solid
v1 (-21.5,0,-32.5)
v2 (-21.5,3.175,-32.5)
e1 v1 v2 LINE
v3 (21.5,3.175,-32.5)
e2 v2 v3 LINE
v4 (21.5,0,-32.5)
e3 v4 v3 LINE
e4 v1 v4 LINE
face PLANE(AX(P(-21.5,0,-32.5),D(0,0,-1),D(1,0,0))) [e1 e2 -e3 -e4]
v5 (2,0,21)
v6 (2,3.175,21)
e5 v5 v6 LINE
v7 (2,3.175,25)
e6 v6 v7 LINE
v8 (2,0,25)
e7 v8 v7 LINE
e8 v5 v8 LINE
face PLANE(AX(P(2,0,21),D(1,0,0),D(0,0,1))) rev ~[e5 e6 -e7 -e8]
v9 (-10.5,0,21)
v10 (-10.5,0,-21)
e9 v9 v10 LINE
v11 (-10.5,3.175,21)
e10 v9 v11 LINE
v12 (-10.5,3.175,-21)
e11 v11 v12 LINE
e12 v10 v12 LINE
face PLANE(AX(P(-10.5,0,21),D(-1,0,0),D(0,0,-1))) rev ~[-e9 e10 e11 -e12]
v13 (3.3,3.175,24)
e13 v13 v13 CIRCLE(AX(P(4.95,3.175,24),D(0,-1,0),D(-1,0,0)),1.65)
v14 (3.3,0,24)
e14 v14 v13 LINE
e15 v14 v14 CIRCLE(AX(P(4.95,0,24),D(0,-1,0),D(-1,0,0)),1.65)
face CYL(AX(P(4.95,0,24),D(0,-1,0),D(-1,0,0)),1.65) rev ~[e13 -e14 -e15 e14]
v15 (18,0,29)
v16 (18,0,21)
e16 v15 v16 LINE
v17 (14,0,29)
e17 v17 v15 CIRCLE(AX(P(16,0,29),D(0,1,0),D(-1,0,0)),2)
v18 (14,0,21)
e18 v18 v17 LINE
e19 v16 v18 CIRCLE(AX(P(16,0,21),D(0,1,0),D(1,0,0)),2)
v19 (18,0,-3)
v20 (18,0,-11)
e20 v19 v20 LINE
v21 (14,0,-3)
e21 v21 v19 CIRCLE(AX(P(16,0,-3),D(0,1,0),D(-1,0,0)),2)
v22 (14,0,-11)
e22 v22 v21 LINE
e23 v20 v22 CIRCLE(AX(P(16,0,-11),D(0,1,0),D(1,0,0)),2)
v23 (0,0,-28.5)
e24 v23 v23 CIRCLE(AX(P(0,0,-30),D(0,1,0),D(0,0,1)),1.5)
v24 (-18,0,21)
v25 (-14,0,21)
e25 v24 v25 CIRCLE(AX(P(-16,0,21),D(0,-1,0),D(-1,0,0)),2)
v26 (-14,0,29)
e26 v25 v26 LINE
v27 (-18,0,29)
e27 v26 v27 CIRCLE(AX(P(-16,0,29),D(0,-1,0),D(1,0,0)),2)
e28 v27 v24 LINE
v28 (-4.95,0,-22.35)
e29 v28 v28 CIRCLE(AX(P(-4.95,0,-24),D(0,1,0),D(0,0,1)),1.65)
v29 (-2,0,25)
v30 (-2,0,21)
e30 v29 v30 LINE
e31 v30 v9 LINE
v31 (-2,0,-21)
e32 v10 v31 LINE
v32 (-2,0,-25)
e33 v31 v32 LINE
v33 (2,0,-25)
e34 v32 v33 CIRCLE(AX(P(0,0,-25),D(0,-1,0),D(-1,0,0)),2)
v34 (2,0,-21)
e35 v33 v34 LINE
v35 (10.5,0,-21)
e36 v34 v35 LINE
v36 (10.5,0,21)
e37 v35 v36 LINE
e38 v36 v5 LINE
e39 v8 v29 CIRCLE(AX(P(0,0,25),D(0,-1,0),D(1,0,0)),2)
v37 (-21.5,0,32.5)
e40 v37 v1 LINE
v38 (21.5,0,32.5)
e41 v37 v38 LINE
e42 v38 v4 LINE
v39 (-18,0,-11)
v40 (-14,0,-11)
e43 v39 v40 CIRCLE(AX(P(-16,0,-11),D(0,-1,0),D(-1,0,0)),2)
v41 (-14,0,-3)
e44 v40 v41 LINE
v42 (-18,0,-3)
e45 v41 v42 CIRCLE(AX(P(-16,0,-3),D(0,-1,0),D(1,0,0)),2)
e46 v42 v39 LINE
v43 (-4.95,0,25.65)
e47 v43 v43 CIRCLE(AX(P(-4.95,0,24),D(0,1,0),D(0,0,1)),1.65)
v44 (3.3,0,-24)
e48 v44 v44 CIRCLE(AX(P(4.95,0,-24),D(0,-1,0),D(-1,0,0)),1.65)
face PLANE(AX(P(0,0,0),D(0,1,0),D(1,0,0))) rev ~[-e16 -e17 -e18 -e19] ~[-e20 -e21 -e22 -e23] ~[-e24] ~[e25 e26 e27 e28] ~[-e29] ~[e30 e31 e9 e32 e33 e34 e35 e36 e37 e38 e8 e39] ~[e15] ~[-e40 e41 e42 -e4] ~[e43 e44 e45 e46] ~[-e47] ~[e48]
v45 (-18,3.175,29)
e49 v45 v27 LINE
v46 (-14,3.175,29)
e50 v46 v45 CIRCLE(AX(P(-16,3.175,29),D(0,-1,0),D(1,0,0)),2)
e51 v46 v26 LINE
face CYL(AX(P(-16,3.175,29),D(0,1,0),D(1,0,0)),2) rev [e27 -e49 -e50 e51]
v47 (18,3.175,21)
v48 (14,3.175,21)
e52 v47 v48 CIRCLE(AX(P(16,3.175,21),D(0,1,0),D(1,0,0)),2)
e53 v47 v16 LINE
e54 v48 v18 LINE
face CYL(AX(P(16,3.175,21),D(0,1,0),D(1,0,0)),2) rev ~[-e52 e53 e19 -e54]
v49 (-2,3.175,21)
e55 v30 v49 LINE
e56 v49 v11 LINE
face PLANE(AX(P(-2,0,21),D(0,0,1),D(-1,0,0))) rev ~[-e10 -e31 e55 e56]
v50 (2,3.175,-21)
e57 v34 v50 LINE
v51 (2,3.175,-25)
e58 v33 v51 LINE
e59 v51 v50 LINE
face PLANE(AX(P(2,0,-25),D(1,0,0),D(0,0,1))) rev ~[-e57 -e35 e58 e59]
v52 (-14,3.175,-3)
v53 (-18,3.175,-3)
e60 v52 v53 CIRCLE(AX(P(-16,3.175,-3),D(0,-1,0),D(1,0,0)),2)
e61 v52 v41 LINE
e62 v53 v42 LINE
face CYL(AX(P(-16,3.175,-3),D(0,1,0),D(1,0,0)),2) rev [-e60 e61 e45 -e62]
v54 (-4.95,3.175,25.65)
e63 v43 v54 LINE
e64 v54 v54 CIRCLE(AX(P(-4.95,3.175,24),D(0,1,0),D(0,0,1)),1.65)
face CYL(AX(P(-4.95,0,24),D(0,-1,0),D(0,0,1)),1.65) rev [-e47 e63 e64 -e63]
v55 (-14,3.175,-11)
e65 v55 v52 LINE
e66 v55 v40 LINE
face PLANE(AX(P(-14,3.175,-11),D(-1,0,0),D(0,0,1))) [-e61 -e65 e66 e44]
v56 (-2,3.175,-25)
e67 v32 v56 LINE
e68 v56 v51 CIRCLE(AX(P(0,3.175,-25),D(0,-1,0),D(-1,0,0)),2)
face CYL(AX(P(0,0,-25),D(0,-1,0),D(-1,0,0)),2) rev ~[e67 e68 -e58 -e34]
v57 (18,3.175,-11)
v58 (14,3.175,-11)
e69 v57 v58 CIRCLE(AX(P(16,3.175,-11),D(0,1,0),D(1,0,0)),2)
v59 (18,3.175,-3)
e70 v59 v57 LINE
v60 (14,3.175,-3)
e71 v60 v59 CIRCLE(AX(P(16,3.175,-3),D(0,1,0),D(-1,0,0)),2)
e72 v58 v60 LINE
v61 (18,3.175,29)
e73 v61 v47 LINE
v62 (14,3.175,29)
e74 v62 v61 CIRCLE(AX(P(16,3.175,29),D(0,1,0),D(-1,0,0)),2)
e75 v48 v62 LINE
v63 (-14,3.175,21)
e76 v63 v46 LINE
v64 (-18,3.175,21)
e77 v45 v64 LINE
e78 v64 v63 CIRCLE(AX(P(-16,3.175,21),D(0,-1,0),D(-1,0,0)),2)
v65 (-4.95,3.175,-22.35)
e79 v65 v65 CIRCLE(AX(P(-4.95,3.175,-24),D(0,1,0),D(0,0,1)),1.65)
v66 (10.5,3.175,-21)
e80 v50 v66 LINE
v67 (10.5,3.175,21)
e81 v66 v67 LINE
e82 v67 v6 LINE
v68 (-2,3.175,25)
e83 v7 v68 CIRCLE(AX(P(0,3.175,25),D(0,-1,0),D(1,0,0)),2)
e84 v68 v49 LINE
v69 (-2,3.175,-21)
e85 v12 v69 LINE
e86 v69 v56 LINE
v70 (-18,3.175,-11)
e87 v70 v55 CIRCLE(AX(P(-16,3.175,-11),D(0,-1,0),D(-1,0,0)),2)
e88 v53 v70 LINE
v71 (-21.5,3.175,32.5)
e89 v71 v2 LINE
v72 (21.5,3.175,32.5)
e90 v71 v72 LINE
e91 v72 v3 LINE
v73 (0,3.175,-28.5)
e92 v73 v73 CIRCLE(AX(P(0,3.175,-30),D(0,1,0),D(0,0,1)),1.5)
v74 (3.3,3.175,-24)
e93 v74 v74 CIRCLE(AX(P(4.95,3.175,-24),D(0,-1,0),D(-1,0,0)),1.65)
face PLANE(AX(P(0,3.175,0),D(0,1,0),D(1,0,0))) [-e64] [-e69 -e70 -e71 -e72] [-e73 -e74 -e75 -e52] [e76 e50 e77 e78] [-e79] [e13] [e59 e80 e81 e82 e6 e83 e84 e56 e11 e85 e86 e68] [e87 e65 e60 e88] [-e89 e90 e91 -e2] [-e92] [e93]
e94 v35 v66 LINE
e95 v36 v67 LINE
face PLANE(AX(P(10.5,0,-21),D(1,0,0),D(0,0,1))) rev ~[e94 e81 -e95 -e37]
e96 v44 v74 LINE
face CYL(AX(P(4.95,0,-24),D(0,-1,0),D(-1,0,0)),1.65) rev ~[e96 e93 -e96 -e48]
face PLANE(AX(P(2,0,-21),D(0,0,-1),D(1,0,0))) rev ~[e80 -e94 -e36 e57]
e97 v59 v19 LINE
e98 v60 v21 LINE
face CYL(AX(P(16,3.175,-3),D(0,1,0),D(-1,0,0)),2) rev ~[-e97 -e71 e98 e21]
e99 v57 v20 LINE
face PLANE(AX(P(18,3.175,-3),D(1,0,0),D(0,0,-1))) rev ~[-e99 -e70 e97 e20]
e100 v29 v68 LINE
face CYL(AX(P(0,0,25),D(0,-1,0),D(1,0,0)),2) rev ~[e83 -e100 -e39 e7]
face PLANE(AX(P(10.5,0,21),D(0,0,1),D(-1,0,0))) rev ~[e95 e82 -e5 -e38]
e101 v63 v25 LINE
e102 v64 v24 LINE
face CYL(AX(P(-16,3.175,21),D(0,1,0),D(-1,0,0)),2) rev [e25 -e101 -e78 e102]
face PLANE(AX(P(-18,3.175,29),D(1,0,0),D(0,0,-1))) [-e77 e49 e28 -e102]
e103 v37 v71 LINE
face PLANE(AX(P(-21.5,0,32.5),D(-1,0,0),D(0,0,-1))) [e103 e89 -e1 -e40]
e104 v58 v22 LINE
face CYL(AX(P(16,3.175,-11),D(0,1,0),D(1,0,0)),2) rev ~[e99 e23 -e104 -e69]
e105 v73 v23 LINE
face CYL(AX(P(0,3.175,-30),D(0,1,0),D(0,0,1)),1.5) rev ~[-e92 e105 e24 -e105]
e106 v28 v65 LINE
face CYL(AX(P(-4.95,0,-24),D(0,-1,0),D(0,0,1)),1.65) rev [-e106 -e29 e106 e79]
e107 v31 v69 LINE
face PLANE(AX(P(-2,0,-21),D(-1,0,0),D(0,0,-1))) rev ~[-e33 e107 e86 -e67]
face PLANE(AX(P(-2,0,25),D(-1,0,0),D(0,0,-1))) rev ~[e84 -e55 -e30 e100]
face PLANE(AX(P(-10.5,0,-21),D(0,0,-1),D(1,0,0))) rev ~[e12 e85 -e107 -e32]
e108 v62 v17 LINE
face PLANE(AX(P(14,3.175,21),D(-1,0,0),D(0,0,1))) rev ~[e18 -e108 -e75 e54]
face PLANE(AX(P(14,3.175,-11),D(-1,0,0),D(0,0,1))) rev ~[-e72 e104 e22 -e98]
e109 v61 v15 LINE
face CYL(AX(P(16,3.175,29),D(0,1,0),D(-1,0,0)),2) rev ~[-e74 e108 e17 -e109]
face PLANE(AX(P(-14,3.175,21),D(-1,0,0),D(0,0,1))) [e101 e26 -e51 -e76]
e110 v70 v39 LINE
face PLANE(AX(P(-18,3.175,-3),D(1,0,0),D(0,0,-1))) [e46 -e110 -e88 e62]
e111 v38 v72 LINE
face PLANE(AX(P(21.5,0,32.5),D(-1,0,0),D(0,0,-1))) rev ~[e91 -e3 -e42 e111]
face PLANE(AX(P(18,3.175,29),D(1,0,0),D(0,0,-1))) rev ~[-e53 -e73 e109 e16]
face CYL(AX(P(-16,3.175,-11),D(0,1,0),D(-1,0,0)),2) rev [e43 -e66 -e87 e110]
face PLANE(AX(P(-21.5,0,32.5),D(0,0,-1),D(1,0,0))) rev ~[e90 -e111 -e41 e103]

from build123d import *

# Parameters (mm, degrees)
SKETCH1_W           = 43
SKETCH1_H           = 65
SKETCH1_R           = 1.65
BOSS_EXTRUDE1_DEPTH = 3.175
CUT_EXTRUDE1_DEPTH  = 3.175
SKETCH4_R           = 1.5
CUT_EXTRUDE2_DEPTH  = 10


with BuildPart() as part:
    # Sketch1 → Boss-Extrude1 (new body)
    with BuildSketch(Plane(origin=(0, 0, 0), x_dir=(1, 0, 0), z_dir=(0, 1, 0))):
        Rectangle(SKETCH1_W, SKETCH1_H)
        with Locations(Location((-4.95, -24, 0), (0, 0, 270))):
            Circle(SKETCH1_R, mode=Mode.SUBTRACT)
        with BuildLine():
            Line((-10.5, 21), (-2, 21))
            Line((-2, 21), (-2, 24))
            Line((-2, 24), (-2, 25))
            ThreePointArc((-2, 25), (0, 27), (2, 25))
            Line((2, 25), (2, 24))
            Line((2, 24), (2, 21))
            Line((2, 21), (10.5, 21))
            Line((10.5, 21), (10.5, 0))
            Line((10.5, 0), (10.5, -21))
            Line((10.5, -21), (2, -21))
            Line((2, -21), (2, -24))
            Line((2, -24), (2, -25))
            ThreePointArc((2, -25), (0, -27), (-2, -25))
            Line((-2, -25), (-2, -24))
            Line((-2, -24), (-2, -21))
            Line((-2, -21), (-10.5, -21))
            Line((-10.5, -21), (-10.5, 0))
            Line((-10.5, 0), (-10.5, 21))
        make_face(mode=Mode.SUBTRACT)
        with BuildLine():
            ThreePointArc((6.6, -24), (4.95, -25.65), (3.3, -24))
            ThreePointArc((3.3, -24), (4.95, -22.35), (6.6, -24))
        make_face(mode=Mode.SUBTRACT)
        with Locations(Location((-4.95, 24, 0), (0, 0, 270))):
            Circle(SKETCH1_R, mode=Mode.SUBTRACT)
        with BuildLine():
            ThreePointArc((6.6, 24), (4.95, 22.35), (3.3, 24))
            ThreePointArc((3.3, 24), (4.95, 25.65), (6.6, 24))
        make_face(mode=Mode.SUBTRACT)
    extrude(amount=BOSS_EXTRUDE1_DEPTH)

    # Sketch3 → Cut-Extrude1 (cut)
    with BuildSketch(Plane(origin=(0, 3.175, 0), x_dir=(1, 0, 0), z_dir=(0, 1, 0))):
        with BuildLine():
            Line((-14, -21), (-14, -29))
            ThreePointArc((-14, -29), (-16, -31), (-18, -29))
            Line((-18, -29), (-18, -21))
            ThreePointArc((-18, -21), (-16, -19), (-14, -21))
        make_face()
        with BuildLine():
            Line((14, -21), (14, -29))
            ThreePointArc((14, -29), (16, -31), (18, -29))
            Line((18, -29), (18, -21))
            ThreePointArc((18, -21), (16, -19), (14, -21))
        make_face()
        with BuildLine():
            Line((-14, 11), (-14, 3))
            ThreePointArc((-14, 3), (-16, 1), (-18, 3))
            Line((-18, 3), (-18, 11))
            ThreePointArc((-18, 11), (-16, 13), (-14, 11))
        make_face()
        with BuildLine():
            Line((14, 11), (14, 3))
            ThreePointArc((14, 3), (16, 1), (18, 3))
            Line((18, 3), (18, 11))
            ThreePointArc((18, 11), (16, 13), (14, 11))
        make_face()
    extrude(amount=-CUT_EXTRUDE1_DEPTH, mode=Mode.SUBTRACT)

    # Sketch4 → Cut-Extrude2 (cut)
    with BuildSketch(Plane(origin=(0, 3.175, 0), x_dir=(1, 0, 0), z_dir=(0, 1, 0))):
        with Locations(Location((0, 30, 0), (0, 0, 270))):
            Circle(SKETCH4_R)
    extrude(amount=-CUT_EXTRUDE2_DEPTH, mode=Mode.SUBTRACT)


solid = part.part
